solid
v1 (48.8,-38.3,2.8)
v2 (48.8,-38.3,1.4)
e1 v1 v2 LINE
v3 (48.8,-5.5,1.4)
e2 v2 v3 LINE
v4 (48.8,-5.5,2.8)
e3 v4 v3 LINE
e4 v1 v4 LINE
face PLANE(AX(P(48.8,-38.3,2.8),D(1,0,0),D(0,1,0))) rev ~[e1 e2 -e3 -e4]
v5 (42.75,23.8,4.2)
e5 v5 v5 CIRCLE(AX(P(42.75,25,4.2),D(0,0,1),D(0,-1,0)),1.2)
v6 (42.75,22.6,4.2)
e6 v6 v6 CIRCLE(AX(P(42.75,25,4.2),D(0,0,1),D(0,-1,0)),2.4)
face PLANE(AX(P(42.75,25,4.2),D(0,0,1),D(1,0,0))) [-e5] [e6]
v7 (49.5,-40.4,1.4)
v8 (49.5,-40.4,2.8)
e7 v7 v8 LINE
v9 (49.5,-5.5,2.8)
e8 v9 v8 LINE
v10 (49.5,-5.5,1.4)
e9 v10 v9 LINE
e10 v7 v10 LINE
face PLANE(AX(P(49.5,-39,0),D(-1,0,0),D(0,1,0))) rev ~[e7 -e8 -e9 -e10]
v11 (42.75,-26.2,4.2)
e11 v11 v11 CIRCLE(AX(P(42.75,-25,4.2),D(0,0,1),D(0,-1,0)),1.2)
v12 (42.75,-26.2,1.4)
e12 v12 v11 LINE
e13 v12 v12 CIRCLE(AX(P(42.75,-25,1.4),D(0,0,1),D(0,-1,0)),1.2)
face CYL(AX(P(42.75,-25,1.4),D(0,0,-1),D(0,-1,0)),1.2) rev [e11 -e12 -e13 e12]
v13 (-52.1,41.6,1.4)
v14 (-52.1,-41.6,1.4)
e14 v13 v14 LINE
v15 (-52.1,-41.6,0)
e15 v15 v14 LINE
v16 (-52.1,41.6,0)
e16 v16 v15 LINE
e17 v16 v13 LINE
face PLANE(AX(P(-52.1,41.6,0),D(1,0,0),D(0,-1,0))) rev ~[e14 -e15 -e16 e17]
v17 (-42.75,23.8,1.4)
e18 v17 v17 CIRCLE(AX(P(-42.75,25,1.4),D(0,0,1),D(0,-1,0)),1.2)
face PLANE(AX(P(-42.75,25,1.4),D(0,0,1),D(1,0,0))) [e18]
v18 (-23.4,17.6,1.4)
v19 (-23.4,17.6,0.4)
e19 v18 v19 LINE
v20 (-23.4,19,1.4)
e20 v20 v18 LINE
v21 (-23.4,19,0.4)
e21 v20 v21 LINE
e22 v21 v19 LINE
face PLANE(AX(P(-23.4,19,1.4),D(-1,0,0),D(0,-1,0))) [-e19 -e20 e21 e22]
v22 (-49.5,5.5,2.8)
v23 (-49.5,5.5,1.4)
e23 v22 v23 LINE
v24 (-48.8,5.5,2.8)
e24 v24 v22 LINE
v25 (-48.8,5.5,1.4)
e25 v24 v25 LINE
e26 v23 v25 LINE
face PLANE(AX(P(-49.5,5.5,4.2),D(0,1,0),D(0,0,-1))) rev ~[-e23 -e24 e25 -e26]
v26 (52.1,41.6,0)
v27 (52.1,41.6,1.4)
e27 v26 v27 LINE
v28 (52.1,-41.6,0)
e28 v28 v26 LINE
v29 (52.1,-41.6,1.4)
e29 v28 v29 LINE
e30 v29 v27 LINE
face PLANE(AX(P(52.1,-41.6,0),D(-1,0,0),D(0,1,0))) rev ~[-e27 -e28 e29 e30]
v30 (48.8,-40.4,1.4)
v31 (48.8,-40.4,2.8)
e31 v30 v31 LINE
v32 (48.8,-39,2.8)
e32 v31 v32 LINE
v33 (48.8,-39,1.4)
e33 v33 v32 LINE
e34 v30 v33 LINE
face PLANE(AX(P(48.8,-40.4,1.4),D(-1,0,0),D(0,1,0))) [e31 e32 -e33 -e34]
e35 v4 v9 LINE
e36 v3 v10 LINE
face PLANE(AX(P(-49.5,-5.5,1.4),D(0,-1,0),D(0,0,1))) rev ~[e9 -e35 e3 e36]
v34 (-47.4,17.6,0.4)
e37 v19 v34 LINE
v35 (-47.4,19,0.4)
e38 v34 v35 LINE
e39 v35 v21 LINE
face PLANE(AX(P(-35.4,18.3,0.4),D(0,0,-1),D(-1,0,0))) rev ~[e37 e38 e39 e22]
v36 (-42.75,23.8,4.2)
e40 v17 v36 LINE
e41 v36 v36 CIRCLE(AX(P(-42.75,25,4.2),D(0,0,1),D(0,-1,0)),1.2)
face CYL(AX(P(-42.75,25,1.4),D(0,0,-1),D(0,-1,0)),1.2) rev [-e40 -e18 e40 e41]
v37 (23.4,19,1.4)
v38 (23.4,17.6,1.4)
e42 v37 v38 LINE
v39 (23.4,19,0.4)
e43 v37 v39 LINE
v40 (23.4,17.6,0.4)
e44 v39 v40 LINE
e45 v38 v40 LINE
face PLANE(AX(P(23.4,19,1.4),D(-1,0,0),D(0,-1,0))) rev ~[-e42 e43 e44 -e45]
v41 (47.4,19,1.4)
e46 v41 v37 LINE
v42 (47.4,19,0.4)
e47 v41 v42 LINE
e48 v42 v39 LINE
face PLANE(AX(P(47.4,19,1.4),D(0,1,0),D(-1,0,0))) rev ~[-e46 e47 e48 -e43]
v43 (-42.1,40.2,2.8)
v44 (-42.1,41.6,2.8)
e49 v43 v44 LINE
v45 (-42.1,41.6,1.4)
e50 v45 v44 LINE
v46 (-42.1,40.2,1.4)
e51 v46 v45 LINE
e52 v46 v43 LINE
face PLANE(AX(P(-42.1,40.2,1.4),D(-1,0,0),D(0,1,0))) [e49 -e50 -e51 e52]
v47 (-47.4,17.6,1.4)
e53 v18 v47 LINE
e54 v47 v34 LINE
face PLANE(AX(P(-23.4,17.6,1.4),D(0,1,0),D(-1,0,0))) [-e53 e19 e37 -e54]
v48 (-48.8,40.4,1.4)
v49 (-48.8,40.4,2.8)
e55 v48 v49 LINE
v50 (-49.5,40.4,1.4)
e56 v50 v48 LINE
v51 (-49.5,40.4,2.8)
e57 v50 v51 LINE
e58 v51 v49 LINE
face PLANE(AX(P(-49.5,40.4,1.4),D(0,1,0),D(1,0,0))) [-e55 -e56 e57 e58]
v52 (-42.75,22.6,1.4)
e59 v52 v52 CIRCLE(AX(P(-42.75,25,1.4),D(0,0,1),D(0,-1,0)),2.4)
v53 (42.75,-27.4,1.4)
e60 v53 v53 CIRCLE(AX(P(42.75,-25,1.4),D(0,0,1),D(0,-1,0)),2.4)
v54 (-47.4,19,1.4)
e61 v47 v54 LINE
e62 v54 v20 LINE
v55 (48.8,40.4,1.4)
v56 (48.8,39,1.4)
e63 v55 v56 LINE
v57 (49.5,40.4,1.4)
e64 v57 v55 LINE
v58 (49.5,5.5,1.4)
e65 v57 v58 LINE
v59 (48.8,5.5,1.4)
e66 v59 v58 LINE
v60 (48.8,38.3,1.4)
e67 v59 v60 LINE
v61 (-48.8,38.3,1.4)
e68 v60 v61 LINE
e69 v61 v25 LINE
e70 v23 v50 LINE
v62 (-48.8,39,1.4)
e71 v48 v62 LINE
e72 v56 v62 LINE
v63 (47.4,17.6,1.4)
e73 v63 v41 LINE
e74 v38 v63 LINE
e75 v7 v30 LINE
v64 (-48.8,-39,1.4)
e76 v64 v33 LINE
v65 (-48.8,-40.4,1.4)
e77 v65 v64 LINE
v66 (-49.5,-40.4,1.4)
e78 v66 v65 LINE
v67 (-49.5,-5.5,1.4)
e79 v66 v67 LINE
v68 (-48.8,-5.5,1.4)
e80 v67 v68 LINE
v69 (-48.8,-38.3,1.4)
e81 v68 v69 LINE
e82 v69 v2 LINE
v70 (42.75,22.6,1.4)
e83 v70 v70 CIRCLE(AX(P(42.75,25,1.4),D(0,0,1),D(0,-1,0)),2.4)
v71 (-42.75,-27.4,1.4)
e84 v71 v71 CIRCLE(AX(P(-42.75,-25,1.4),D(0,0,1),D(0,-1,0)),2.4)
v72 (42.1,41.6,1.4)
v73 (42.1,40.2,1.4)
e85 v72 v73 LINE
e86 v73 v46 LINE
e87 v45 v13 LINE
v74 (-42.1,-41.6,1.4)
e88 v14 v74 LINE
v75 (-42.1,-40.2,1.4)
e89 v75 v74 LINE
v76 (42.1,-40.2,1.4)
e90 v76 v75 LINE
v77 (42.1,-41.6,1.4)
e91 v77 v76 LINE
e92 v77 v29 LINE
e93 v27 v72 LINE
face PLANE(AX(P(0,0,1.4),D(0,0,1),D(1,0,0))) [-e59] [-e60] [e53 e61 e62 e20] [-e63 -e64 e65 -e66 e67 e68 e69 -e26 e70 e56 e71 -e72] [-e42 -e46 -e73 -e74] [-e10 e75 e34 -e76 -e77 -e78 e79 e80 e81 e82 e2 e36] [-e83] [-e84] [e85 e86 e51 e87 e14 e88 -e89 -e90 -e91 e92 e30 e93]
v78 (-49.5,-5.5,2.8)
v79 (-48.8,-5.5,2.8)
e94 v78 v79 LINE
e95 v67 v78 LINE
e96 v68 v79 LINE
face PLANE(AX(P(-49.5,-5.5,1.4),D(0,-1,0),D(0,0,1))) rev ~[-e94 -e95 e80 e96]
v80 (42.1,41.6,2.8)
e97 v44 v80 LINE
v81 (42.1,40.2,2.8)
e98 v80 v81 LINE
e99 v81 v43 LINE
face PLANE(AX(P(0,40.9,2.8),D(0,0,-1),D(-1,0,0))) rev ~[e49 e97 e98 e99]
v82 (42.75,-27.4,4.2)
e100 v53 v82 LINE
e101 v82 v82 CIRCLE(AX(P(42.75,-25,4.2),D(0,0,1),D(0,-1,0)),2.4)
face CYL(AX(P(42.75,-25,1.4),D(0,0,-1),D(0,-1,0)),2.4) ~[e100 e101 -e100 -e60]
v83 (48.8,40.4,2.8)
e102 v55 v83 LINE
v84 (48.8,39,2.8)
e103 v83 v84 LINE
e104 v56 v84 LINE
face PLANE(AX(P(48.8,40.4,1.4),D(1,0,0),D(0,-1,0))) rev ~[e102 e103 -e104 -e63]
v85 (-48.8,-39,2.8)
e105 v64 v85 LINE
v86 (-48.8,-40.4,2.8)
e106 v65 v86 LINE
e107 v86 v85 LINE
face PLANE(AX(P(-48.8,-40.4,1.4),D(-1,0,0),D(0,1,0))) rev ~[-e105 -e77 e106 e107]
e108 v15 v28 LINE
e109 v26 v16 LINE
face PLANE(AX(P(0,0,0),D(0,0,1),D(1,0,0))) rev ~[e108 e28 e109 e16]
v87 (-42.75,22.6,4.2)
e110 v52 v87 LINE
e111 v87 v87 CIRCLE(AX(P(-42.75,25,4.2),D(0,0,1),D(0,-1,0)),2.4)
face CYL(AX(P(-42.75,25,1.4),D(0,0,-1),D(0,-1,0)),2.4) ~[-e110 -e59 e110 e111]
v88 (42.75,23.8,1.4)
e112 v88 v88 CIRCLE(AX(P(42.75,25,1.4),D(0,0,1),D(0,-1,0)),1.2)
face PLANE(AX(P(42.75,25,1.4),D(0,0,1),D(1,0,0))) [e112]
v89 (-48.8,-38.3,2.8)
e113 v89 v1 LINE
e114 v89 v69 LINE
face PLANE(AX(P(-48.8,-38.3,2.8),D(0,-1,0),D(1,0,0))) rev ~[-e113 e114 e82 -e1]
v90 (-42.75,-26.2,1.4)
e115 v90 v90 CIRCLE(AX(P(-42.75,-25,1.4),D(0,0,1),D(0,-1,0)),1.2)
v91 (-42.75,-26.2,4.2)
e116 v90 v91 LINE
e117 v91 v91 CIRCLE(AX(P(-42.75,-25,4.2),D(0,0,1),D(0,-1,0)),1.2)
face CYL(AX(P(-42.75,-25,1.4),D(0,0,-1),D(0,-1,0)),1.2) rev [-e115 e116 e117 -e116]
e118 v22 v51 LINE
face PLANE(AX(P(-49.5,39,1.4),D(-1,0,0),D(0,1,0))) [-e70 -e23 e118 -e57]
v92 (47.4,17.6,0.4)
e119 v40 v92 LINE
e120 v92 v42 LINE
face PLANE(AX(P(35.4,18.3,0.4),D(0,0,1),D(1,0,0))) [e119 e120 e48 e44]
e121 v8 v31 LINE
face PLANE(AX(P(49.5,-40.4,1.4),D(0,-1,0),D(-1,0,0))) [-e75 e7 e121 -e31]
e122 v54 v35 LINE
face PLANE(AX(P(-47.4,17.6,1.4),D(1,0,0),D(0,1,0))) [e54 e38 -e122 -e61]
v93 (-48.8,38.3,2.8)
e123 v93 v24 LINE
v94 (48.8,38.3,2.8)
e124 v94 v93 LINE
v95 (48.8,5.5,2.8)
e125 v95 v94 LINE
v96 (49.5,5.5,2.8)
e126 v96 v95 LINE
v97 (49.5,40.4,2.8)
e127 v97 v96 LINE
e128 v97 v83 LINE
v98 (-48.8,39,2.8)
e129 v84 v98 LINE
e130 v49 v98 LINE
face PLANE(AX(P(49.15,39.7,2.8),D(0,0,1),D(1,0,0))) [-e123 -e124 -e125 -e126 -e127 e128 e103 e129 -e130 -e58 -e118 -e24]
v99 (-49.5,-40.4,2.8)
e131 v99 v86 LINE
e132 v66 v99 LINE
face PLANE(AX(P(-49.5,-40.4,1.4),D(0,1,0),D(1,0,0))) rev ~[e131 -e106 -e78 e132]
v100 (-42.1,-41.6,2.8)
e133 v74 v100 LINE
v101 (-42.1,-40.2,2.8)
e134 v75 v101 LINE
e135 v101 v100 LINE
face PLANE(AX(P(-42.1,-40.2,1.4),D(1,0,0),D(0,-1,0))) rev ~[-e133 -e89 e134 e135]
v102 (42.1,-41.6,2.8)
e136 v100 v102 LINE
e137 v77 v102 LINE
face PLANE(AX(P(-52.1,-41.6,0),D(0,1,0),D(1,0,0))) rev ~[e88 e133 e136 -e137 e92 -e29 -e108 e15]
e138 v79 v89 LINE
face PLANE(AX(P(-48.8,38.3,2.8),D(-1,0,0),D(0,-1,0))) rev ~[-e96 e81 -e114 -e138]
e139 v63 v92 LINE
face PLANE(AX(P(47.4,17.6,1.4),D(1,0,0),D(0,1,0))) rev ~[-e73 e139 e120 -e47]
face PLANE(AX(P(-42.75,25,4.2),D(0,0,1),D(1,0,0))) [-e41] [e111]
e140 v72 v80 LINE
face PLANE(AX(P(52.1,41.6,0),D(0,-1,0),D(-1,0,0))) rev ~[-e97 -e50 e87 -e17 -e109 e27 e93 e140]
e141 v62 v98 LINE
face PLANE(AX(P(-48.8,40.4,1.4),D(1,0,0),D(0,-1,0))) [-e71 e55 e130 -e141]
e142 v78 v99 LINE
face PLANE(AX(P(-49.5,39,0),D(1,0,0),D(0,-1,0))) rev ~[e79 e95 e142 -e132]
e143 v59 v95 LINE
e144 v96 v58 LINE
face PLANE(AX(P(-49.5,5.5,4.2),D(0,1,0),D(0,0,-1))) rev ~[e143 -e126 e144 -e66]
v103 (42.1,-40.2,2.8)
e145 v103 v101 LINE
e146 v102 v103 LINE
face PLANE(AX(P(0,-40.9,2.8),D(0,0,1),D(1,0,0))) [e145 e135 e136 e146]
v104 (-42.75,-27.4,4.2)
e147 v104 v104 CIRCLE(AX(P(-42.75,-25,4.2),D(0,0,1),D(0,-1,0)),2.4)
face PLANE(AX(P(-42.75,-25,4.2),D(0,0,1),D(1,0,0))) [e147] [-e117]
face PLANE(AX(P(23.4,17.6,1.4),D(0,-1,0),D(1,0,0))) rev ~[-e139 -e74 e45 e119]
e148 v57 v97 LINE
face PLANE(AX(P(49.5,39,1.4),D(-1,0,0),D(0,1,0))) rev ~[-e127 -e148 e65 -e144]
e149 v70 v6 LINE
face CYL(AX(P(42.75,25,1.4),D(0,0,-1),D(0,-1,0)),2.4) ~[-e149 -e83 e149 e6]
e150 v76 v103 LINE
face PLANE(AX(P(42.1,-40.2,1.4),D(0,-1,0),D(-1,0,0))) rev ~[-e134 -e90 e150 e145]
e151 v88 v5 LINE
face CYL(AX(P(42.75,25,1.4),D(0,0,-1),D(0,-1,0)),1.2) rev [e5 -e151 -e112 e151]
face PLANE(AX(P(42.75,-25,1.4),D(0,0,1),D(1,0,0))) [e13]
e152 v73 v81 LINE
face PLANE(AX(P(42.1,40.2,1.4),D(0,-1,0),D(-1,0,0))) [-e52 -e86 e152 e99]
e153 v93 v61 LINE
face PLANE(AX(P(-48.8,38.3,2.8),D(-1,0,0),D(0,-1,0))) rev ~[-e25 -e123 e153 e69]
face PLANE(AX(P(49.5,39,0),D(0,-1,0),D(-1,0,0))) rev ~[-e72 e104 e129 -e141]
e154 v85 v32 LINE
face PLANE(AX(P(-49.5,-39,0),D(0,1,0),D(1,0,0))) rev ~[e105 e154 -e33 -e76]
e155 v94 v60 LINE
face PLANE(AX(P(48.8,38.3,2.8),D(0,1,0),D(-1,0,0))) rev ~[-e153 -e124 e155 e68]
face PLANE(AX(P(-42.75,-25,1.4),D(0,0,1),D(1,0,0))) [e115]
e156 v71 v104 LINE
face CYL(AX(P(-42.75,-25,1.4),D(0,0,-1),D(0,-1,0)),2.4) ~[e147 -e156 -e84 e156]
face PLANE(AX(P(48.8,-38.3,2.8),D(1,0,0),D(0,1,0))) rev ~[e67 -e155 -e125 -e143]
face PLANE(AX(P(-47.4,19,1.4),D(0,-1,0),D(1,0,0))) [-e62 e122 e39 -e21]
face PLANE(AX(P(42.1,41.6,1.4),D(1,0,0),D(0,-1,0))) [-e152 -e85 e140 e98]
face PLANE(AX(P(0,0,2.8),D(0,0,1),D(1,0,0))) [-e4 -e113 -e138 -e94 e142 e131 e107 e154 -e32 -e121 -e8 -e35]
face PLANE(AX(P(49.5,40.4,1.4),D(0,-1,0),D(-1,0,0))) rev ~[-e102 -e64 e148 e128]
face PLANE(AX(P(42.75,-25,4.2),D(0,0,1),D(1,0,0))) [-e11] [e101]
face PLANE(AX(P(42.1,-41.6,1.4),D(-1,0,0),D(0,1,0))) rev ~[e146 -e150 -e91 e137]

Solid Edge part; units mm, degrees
sketch "Sketch1" plane through (0, 0, 0) normal (0, 0, 1) x (1, 0, 0)
  line L0 (49.5, -39) -> (49.5, 39)
  line L1 (49.5, 39) -> (-49.5, 39)
  line L2 (-49.5, 39) -> (-49.5, -39)
  line L3 (-49.5, -39) -> (49.5, -39)
extrude "Protrusion1" add sketch "Sketch1" along normal blind 2.8
sketch "Sketch2" plane through (0, 0, 2.8) normal (0, 0, 1) x (-1, 0, 0)
  line L0 (48.8, -38.3) -> (48.8, 38.3)
  line L1 (48.8, 38.3) -> (-48.8, 38.3)
  line L2 (-48.8, 38.3) -> (-48.8, -38.3)
  line L3 (-48.8, -38.3) -> (48.8, -38.3)
extrude "VaciadoExtruido_1" cut sketch "Sketch2" against normal blind 1.4
sketch "Sketch3" plane through (-49.5, 0, 1.4) normal (-1, 0, 0) x (0, -1, 0)
  line L0 (5.5, 2.8) -> (-5.5, 2.8)
  line L1 (-5.5, 2.8) -> (-5.5, 0)
  line L2 (-5.5, 0) -> (5.5, 0)
  line L3 (5.5, 0) -> (5.5, 2.8)
extrude "VaciadoExtruido_2" cut sketch "Sketch3" against normal blind 100.11
sketch "Sketch4" plane through (0, 0, 1.4) normal (0, 0, 1) x (0, -1, 0)
  circle A0 centre (-25, 42.75) radius 2.4
  circle A1 centre (25, 42.75) radius 2.4
  circle A2 centre (25, -42.75) radius 2.4
  circle A3 centre (-25, -42.75) radius 2.4
  dimension "D1" = 6.75
  dimension "D2" = 14
extrude "ProtrusiónExtruida_2" add sketch "Sketch4" along normal blind 2.8
sketch "Sketch5" plane through (0, 0, 1.4) normal (0, 0, 1) x (0, -1, 0)
  circle A0 centre (25, 42.75) radius 1.2
  circle A1 centre (-25, 42.75) radius 1.2
  circle A2 centre (-25, -42.75) radius 1.2
  circle A3 centre (25, -42.75) radius 1.2
extrude "VaciadoExtruido_4" cut sketch "Sketch5" along normal blind 2.8
sketch "Sketch6" plane through (0, 0, 1.4) normal (0, 0, 1) x (0, -1, 0)
  line L0 (-19, -47.4) -> (-19, -23.4)
  line L1 (-19, -23.4) -> (-17.6, -23.4)
  line L2 (-17.6, -23.4) -> (-17.6, -47.4)
  line L3 (-17.6, -47.4) -> (-19, -47.4)
  line L4 (-17.6, 23.4) -> (-17.6, 47.4)
  line L5 (-17.6, 47.4) -> (-19, 47.4)
  line L6 (-19, 47.4) -> (-19, 23.4)
  line L7 (-19, 23.4) -> (-17.6, 23.4)
  dimension "D1" = 1.4
  dimension "D2" = 20
  dimension "D3" = 1.4
  dimension "D4" = 24
extrude "VaciadoExtruido_5" cut sketch "Sketch6" against normal blind 1
sketch "Sketch7" plane through (0, 0, 0) normal (0, 0, 1) x (1, 0, 0)
  line L0 (-49.5, -39) -> (49.5, -39)
  line L1 (49.5, -39) -> (49.5, 39)
  line L2 (49.5, 39) -> (-49.5, 39)
  line L3 (-49.5, 39) -> (-49.5, -39)
  line L4 (52.1, -41.6) -> (52.1, 41.6)
  line L5 (52.1, 41.6) -> (-52.1, 41.6)
  line L6 (-52.1, 41.6) -> (-52.1, -41.6)
  line L7 (-52.1, -41.6) -> (52.1, -41.6)
extrude "ProtrusiónExtruida_3" add sketch "Sketch7" along normal blind 1.4
sketch "Sketch8" plane through (0, 0, 1.4) normal (0, 0, 1) x (0, 1, 0)
  line L0 (-39, -49.5) -> (-40.4, -49.5)
  line L1 (-40.4, -49.5) -> (-40.4, -48.8)
  line L2 (-40.4, -48.8) -> (-39, -48.8)
  line L3 (-39, -48.8) -> (-39, -49.5)
  line L4 (-41.6, 42.1) -> (-41.6, -42.1)
  line L5 (-41.6, -42.1) -> (-40.2, -42.1)
  line L6 (-40.2, -42.1) -> (-40.2, 42.1)
  line L7 (-40.2, 42.1) -> (-41.6, 42.1)
  line L8 (-40.4, 48.8) -> (-39, 48.8)
  line L9 (-39, 48.8) -> (-39, 49.5)
  line L10 (-39, 49.5) -> (-40.4, 49.5)
  line L11 (-40.4, 49.5) -> (-40.4, 48.8)
  line L12 (40.4, 48.8) -> (39, 48.8)
  line L13 (39, 48.8) -> (39, 49.5)
  line L14 (39, 49.5) -> (40.4, 49.5)
  line L15 (40.4, 49.5) -> (40.4, 48.8)
  line L16 (40.2, -42.1) -> (40.2, 42.1)
  line L17 (40.2, 42.1) -> (41.6, 42.1)
  line L18 (41.6, 42.1) -> (41.6, -42.1)
  line L19 (41.6, -42.1) -> (40.2, -42.1)
  line L20 (39, -49.5) -> (40.4, -49.5)
  line L21 (40.4, -49.5) -> (40.4, -48.8)
  line L22 (40.4, -48.8) -> (39, -48.8)
  line L23 (39, -48.8) -> (39, -49.5)
  dimension "D1" = 10
  dimension "D2" = 10
  dimension "D3" = 1.4
  dimension "D4" = 1.4
extrude "ProtrusiónExtruida_4" add sketch "Sketch8" along normal blind 1.4
